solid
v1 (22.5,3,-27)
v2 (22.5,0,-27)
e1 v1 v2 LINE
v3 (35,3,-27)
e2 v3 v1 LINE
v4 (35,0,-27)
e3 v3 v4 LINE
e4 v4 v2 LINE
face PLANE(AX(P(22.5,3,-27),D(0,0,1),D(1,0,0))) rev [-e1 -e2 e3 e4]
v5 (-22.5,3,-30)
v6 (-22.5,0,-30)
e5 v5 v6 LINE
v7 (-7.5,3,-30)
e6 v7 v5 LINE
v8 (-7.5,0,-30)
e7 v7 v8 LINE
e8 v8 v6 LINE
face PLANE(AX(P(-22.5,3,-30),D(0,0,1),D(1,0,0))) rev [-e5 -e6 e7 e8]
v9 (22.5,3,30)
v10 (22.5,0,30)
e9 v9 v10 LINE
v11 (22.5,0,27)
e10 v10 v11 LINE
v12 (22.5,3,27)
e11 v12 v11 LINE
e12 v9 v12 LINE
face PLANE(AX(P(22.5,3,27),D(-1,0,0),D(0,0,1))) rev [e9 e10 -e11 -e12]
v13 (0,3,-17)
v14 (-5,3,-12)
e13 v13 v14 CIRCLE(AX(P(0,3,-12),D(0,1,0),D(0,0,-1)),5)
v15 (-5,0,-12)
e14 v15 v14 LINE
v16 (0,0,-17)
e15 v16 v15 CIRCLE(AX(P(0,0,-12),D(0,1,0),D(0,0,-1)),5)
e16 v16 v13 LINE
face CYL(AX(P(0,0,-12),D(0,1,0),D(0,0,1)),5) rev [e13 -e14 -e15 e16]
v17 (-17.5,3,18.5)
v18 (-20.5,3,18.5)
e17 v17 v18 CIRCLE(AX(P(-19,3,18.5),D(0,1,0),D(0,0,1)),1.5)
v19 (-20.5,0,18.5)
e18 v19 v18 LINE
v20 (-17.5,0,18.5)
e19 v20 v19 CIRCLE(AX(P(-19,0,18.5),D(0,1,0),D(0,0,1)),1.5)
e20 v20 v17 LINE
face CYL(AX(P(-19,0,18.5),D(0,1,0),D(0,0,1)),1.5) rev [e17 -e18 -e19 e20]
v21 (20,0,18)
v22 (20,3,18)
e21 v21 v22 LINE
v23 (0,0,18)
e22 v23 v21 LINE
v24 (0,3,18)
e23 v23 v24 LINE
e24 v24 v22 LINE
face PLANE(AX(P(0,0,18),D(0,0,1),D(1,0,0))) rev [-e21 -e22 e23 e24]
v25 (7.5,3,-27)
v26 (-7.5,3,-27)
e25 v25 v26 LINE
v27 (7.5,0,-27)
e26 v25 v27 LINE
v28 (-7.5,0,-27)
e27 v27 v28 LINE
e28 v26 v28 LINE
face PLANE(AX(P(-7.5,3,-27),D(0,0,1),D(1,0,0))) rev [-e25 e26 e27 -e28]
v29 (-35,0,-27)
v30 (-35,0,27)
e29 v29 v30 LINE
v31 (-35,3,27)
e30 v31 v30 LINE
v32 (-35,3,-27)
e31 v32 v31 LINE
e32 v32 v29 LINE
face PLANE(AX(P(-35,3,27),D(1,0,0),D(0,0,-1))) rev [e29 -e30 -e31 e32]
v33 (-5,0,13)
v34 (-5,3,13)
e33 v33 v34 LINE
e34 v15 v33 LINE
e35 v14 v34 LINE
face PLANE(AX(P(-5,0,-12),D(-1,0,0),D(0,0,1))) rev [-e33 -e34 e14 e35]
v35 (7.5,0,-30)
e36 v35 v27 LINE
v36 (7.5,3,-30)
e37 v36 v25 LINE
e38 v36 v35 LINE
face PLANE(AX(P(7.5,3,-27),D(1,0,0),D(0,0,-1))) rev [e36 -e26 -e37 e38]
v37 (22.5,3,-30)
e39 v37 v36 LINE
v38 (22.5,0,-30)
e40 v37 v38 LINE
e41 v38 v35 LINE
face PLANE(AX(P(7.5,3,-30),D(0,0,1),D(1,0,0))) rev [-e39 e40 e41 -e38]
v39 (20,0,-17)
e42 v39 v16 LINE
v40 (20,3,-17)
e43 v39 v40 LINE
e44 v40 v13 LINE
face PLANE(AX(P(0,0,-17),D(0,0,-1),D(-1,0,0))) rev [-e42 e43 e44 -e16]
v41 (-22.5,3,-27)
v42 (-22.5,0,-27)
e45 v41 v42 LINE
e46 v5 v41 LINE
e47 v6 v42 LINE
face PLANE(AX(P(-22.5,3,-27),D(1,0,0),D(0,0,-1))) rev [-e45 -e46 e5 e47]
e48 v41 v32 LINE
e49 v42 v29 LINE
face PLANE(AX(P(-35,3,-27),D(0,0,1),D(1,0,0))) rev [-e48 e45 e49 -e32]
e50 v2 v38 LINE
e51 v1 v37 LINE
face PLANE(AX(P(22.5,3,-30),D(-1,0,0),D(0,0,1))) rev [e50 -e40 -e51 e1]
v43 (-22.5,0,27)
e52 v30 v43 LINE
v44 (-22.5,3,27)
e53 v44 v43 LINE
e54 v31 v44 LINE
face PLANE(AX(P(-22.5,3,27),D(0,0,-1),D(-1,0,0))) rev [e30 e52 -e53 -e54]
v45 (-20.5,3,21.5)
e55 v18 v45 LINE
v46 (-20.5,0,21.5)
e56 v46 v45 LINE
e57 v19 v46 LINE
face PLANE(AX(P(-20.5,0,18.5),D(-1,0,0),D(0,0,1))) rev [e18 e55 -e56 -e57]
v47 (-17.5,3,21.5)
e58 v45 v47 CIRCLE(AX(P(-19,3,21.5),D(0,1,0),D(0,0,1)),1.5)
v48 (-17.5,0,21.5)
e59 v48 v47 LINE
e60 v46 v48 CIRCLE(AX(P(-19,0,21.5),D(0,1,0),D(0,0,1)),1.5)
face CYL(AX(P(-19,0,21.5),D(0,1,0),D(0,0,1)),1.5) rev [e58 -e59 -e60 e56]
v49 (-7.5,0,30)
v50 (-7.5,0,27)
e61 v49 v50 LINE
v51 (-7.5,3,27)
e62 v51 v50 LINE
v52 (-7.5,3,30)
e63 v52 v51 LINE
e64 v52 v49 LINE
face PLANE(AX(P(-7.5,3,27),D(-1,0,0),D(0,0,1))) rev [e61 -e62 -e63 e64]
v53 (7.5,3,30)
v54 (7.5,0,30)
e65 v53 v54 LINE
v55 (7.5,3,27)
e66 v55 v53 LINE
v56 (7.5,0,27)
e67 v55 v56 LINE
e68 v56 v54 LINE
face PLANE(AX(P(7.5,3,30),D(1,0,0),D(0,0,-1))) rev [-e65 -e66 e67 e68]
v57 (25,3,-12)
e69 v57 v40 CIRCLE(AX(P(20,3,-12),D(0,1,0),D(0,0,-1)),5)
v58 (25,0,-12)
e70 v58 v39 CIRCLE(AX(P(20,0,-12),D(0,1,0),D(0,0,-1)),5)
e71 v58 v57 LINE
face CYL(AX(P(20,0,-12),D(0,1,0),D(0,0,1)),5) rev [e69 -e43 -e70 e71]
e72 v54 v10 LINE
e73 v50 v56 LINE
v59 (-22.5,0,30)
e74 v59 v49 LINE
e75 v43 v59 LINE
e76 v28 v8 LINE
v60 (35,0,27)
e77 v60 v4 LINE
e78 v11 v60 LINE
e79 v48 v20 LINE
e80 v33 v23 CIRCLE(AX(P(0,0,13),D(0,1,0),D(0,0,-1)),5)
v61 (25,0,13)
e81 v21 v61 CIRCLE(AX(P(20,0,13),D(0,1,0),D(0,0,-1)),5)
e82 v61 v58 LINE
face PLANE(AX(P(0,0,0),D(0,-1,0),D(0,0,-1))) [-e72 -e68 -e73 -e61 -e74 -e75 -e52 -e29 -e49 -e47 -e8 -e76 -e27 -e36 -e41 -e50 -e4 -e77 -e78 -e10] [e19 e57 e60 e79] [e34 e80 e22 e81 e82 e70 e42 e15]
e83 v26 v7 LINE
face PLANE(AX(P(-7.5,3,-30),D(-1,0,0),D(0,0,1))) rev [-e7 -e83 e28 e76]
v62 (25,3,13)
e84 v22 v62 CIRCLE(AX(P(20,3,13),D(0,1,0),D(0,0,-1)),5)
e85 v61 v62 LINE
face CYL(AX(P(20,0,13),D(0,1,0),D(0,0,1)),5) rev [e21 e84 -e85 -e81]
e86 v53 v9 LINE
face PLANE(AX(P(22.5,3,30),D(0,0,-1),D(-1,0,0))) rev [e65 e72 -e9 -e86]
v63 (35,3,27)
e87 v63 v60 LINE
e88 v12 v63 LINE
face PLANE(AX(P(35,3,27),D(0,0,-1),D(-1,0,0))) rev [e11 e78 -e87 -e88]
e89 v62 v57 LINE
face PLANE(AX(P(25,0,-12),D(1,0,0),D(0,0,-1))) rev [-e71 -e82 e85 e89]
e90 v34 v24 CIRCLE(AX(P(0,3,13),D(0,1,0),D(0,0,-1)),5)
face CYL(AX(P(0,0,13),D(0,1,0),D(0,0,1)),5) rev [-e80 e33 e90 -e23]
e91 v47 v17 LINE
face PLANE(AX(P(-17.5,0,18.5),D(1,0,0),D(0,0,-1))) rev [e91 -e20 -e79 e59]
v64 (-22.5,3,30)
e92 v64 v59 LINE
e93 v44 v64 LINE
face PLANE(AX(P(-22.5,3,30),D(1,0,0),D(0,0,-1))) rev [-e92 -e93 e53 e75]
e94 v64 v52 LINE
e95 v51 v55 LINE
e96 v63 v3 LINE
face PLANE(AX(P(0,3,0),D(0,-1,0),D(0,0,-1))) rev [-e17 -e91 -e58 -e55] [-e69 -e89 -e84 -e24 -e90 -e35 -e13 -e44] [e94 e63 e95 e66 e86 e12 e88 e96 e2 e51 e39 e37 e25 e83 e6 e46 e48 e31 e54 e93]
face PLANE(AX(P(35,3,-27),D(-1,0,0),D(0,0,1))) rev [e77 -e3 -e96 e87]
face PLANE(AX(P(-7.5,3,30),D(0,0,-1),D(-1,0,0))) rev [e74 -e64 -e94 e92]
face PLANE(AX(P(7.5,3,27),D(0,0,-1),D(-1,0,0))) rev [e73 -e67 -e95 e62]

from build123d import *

# Parameters (mm, degrees)
BOSS_EXTRUDE1_DEPTH = 3
CUT_EXTRUDE1_DEPTH  = 47.19523785
CUT_EXTRUDE3_DEPTH  = 47.19523785


with BuildPart() as part:
    # Sketch1 → Boss-Extrude1 (new body)
    with BuildSketch(Plane(origin=(0, 0, 0), x_dir=(1, 0, 0), z_dir=(0, 1, 0))):
        Polygon((-35, 27), (-22.5, 27), (-22.5, 30), (-7.5, 30), (-7.5, 27), (7.5, 27), (7.5, 30), (22.5, 30), (22.5, 27), (35, 27), (35, -27), (22.5, -27), (22.5, -30), (7.5, -30), (7.5, -27), (-7.5, -27), (-7.5, -30), (-22.5, -30), (-22.5, -27), (-35, -27), align=None)
    extrude(amount=BOSS_EXTRUDE1_DEPTH)

    # Sketch2 → Cut-Extrude1 (cut, through all)
    with BuildSketch(Plane(origin=(0, 3, 0), x_dir=(1, 0, 0), z_dir=(0, 1, 0))):
        with BuildLine():
            Line((0, 17), (20, 17))
            ThreePointArc((20, 17), (23.535533906, 15.535533906), (25, 12))
            Line((25, 12), (25, -13))
            ThreePointArc((25, -13), (23.535533906, -16.535533906), (20, -18))
            Line((20, -18), (0, -18))
            ThreePointArc((0, -18), (-3.535533906, -16.535533906), (-5, -13))
            Line((-5, -13), (-5, 12))
            ThreePointArc((-5, 12), (-3.535533906, 15.535533906), (0, 17))
        make_face()
    extrude(amount=-CUT_EXTRUDE1_DEPTH, mode=Mode.SUBTRACT)

    # Sketch4 → Cut-Extrude3 (cut, through all)
    with BuildSketch(Plane(origin=(0, 3, 0), x_dir=(1, 0, 0), z_dir=(0, 1, 0))):
        with BuildLine():
            Line((-17.5, -18.5), (-17.5, -21.5))
            ThreePointArc((-17.5, -21.5), (-19, -23), (-20.5, -21.5))
            Line((-20.5, -21.5), (-20.5, -18.5))
            ThreePointArc((-20.5, -18.5), (-19, -17), (-17.5, -18.5))
        make_face()
    extrude(amount=-CUT_EXTRUDE3_DEPTH, mode=Mode.SUBTRACT)


solid = part.part
